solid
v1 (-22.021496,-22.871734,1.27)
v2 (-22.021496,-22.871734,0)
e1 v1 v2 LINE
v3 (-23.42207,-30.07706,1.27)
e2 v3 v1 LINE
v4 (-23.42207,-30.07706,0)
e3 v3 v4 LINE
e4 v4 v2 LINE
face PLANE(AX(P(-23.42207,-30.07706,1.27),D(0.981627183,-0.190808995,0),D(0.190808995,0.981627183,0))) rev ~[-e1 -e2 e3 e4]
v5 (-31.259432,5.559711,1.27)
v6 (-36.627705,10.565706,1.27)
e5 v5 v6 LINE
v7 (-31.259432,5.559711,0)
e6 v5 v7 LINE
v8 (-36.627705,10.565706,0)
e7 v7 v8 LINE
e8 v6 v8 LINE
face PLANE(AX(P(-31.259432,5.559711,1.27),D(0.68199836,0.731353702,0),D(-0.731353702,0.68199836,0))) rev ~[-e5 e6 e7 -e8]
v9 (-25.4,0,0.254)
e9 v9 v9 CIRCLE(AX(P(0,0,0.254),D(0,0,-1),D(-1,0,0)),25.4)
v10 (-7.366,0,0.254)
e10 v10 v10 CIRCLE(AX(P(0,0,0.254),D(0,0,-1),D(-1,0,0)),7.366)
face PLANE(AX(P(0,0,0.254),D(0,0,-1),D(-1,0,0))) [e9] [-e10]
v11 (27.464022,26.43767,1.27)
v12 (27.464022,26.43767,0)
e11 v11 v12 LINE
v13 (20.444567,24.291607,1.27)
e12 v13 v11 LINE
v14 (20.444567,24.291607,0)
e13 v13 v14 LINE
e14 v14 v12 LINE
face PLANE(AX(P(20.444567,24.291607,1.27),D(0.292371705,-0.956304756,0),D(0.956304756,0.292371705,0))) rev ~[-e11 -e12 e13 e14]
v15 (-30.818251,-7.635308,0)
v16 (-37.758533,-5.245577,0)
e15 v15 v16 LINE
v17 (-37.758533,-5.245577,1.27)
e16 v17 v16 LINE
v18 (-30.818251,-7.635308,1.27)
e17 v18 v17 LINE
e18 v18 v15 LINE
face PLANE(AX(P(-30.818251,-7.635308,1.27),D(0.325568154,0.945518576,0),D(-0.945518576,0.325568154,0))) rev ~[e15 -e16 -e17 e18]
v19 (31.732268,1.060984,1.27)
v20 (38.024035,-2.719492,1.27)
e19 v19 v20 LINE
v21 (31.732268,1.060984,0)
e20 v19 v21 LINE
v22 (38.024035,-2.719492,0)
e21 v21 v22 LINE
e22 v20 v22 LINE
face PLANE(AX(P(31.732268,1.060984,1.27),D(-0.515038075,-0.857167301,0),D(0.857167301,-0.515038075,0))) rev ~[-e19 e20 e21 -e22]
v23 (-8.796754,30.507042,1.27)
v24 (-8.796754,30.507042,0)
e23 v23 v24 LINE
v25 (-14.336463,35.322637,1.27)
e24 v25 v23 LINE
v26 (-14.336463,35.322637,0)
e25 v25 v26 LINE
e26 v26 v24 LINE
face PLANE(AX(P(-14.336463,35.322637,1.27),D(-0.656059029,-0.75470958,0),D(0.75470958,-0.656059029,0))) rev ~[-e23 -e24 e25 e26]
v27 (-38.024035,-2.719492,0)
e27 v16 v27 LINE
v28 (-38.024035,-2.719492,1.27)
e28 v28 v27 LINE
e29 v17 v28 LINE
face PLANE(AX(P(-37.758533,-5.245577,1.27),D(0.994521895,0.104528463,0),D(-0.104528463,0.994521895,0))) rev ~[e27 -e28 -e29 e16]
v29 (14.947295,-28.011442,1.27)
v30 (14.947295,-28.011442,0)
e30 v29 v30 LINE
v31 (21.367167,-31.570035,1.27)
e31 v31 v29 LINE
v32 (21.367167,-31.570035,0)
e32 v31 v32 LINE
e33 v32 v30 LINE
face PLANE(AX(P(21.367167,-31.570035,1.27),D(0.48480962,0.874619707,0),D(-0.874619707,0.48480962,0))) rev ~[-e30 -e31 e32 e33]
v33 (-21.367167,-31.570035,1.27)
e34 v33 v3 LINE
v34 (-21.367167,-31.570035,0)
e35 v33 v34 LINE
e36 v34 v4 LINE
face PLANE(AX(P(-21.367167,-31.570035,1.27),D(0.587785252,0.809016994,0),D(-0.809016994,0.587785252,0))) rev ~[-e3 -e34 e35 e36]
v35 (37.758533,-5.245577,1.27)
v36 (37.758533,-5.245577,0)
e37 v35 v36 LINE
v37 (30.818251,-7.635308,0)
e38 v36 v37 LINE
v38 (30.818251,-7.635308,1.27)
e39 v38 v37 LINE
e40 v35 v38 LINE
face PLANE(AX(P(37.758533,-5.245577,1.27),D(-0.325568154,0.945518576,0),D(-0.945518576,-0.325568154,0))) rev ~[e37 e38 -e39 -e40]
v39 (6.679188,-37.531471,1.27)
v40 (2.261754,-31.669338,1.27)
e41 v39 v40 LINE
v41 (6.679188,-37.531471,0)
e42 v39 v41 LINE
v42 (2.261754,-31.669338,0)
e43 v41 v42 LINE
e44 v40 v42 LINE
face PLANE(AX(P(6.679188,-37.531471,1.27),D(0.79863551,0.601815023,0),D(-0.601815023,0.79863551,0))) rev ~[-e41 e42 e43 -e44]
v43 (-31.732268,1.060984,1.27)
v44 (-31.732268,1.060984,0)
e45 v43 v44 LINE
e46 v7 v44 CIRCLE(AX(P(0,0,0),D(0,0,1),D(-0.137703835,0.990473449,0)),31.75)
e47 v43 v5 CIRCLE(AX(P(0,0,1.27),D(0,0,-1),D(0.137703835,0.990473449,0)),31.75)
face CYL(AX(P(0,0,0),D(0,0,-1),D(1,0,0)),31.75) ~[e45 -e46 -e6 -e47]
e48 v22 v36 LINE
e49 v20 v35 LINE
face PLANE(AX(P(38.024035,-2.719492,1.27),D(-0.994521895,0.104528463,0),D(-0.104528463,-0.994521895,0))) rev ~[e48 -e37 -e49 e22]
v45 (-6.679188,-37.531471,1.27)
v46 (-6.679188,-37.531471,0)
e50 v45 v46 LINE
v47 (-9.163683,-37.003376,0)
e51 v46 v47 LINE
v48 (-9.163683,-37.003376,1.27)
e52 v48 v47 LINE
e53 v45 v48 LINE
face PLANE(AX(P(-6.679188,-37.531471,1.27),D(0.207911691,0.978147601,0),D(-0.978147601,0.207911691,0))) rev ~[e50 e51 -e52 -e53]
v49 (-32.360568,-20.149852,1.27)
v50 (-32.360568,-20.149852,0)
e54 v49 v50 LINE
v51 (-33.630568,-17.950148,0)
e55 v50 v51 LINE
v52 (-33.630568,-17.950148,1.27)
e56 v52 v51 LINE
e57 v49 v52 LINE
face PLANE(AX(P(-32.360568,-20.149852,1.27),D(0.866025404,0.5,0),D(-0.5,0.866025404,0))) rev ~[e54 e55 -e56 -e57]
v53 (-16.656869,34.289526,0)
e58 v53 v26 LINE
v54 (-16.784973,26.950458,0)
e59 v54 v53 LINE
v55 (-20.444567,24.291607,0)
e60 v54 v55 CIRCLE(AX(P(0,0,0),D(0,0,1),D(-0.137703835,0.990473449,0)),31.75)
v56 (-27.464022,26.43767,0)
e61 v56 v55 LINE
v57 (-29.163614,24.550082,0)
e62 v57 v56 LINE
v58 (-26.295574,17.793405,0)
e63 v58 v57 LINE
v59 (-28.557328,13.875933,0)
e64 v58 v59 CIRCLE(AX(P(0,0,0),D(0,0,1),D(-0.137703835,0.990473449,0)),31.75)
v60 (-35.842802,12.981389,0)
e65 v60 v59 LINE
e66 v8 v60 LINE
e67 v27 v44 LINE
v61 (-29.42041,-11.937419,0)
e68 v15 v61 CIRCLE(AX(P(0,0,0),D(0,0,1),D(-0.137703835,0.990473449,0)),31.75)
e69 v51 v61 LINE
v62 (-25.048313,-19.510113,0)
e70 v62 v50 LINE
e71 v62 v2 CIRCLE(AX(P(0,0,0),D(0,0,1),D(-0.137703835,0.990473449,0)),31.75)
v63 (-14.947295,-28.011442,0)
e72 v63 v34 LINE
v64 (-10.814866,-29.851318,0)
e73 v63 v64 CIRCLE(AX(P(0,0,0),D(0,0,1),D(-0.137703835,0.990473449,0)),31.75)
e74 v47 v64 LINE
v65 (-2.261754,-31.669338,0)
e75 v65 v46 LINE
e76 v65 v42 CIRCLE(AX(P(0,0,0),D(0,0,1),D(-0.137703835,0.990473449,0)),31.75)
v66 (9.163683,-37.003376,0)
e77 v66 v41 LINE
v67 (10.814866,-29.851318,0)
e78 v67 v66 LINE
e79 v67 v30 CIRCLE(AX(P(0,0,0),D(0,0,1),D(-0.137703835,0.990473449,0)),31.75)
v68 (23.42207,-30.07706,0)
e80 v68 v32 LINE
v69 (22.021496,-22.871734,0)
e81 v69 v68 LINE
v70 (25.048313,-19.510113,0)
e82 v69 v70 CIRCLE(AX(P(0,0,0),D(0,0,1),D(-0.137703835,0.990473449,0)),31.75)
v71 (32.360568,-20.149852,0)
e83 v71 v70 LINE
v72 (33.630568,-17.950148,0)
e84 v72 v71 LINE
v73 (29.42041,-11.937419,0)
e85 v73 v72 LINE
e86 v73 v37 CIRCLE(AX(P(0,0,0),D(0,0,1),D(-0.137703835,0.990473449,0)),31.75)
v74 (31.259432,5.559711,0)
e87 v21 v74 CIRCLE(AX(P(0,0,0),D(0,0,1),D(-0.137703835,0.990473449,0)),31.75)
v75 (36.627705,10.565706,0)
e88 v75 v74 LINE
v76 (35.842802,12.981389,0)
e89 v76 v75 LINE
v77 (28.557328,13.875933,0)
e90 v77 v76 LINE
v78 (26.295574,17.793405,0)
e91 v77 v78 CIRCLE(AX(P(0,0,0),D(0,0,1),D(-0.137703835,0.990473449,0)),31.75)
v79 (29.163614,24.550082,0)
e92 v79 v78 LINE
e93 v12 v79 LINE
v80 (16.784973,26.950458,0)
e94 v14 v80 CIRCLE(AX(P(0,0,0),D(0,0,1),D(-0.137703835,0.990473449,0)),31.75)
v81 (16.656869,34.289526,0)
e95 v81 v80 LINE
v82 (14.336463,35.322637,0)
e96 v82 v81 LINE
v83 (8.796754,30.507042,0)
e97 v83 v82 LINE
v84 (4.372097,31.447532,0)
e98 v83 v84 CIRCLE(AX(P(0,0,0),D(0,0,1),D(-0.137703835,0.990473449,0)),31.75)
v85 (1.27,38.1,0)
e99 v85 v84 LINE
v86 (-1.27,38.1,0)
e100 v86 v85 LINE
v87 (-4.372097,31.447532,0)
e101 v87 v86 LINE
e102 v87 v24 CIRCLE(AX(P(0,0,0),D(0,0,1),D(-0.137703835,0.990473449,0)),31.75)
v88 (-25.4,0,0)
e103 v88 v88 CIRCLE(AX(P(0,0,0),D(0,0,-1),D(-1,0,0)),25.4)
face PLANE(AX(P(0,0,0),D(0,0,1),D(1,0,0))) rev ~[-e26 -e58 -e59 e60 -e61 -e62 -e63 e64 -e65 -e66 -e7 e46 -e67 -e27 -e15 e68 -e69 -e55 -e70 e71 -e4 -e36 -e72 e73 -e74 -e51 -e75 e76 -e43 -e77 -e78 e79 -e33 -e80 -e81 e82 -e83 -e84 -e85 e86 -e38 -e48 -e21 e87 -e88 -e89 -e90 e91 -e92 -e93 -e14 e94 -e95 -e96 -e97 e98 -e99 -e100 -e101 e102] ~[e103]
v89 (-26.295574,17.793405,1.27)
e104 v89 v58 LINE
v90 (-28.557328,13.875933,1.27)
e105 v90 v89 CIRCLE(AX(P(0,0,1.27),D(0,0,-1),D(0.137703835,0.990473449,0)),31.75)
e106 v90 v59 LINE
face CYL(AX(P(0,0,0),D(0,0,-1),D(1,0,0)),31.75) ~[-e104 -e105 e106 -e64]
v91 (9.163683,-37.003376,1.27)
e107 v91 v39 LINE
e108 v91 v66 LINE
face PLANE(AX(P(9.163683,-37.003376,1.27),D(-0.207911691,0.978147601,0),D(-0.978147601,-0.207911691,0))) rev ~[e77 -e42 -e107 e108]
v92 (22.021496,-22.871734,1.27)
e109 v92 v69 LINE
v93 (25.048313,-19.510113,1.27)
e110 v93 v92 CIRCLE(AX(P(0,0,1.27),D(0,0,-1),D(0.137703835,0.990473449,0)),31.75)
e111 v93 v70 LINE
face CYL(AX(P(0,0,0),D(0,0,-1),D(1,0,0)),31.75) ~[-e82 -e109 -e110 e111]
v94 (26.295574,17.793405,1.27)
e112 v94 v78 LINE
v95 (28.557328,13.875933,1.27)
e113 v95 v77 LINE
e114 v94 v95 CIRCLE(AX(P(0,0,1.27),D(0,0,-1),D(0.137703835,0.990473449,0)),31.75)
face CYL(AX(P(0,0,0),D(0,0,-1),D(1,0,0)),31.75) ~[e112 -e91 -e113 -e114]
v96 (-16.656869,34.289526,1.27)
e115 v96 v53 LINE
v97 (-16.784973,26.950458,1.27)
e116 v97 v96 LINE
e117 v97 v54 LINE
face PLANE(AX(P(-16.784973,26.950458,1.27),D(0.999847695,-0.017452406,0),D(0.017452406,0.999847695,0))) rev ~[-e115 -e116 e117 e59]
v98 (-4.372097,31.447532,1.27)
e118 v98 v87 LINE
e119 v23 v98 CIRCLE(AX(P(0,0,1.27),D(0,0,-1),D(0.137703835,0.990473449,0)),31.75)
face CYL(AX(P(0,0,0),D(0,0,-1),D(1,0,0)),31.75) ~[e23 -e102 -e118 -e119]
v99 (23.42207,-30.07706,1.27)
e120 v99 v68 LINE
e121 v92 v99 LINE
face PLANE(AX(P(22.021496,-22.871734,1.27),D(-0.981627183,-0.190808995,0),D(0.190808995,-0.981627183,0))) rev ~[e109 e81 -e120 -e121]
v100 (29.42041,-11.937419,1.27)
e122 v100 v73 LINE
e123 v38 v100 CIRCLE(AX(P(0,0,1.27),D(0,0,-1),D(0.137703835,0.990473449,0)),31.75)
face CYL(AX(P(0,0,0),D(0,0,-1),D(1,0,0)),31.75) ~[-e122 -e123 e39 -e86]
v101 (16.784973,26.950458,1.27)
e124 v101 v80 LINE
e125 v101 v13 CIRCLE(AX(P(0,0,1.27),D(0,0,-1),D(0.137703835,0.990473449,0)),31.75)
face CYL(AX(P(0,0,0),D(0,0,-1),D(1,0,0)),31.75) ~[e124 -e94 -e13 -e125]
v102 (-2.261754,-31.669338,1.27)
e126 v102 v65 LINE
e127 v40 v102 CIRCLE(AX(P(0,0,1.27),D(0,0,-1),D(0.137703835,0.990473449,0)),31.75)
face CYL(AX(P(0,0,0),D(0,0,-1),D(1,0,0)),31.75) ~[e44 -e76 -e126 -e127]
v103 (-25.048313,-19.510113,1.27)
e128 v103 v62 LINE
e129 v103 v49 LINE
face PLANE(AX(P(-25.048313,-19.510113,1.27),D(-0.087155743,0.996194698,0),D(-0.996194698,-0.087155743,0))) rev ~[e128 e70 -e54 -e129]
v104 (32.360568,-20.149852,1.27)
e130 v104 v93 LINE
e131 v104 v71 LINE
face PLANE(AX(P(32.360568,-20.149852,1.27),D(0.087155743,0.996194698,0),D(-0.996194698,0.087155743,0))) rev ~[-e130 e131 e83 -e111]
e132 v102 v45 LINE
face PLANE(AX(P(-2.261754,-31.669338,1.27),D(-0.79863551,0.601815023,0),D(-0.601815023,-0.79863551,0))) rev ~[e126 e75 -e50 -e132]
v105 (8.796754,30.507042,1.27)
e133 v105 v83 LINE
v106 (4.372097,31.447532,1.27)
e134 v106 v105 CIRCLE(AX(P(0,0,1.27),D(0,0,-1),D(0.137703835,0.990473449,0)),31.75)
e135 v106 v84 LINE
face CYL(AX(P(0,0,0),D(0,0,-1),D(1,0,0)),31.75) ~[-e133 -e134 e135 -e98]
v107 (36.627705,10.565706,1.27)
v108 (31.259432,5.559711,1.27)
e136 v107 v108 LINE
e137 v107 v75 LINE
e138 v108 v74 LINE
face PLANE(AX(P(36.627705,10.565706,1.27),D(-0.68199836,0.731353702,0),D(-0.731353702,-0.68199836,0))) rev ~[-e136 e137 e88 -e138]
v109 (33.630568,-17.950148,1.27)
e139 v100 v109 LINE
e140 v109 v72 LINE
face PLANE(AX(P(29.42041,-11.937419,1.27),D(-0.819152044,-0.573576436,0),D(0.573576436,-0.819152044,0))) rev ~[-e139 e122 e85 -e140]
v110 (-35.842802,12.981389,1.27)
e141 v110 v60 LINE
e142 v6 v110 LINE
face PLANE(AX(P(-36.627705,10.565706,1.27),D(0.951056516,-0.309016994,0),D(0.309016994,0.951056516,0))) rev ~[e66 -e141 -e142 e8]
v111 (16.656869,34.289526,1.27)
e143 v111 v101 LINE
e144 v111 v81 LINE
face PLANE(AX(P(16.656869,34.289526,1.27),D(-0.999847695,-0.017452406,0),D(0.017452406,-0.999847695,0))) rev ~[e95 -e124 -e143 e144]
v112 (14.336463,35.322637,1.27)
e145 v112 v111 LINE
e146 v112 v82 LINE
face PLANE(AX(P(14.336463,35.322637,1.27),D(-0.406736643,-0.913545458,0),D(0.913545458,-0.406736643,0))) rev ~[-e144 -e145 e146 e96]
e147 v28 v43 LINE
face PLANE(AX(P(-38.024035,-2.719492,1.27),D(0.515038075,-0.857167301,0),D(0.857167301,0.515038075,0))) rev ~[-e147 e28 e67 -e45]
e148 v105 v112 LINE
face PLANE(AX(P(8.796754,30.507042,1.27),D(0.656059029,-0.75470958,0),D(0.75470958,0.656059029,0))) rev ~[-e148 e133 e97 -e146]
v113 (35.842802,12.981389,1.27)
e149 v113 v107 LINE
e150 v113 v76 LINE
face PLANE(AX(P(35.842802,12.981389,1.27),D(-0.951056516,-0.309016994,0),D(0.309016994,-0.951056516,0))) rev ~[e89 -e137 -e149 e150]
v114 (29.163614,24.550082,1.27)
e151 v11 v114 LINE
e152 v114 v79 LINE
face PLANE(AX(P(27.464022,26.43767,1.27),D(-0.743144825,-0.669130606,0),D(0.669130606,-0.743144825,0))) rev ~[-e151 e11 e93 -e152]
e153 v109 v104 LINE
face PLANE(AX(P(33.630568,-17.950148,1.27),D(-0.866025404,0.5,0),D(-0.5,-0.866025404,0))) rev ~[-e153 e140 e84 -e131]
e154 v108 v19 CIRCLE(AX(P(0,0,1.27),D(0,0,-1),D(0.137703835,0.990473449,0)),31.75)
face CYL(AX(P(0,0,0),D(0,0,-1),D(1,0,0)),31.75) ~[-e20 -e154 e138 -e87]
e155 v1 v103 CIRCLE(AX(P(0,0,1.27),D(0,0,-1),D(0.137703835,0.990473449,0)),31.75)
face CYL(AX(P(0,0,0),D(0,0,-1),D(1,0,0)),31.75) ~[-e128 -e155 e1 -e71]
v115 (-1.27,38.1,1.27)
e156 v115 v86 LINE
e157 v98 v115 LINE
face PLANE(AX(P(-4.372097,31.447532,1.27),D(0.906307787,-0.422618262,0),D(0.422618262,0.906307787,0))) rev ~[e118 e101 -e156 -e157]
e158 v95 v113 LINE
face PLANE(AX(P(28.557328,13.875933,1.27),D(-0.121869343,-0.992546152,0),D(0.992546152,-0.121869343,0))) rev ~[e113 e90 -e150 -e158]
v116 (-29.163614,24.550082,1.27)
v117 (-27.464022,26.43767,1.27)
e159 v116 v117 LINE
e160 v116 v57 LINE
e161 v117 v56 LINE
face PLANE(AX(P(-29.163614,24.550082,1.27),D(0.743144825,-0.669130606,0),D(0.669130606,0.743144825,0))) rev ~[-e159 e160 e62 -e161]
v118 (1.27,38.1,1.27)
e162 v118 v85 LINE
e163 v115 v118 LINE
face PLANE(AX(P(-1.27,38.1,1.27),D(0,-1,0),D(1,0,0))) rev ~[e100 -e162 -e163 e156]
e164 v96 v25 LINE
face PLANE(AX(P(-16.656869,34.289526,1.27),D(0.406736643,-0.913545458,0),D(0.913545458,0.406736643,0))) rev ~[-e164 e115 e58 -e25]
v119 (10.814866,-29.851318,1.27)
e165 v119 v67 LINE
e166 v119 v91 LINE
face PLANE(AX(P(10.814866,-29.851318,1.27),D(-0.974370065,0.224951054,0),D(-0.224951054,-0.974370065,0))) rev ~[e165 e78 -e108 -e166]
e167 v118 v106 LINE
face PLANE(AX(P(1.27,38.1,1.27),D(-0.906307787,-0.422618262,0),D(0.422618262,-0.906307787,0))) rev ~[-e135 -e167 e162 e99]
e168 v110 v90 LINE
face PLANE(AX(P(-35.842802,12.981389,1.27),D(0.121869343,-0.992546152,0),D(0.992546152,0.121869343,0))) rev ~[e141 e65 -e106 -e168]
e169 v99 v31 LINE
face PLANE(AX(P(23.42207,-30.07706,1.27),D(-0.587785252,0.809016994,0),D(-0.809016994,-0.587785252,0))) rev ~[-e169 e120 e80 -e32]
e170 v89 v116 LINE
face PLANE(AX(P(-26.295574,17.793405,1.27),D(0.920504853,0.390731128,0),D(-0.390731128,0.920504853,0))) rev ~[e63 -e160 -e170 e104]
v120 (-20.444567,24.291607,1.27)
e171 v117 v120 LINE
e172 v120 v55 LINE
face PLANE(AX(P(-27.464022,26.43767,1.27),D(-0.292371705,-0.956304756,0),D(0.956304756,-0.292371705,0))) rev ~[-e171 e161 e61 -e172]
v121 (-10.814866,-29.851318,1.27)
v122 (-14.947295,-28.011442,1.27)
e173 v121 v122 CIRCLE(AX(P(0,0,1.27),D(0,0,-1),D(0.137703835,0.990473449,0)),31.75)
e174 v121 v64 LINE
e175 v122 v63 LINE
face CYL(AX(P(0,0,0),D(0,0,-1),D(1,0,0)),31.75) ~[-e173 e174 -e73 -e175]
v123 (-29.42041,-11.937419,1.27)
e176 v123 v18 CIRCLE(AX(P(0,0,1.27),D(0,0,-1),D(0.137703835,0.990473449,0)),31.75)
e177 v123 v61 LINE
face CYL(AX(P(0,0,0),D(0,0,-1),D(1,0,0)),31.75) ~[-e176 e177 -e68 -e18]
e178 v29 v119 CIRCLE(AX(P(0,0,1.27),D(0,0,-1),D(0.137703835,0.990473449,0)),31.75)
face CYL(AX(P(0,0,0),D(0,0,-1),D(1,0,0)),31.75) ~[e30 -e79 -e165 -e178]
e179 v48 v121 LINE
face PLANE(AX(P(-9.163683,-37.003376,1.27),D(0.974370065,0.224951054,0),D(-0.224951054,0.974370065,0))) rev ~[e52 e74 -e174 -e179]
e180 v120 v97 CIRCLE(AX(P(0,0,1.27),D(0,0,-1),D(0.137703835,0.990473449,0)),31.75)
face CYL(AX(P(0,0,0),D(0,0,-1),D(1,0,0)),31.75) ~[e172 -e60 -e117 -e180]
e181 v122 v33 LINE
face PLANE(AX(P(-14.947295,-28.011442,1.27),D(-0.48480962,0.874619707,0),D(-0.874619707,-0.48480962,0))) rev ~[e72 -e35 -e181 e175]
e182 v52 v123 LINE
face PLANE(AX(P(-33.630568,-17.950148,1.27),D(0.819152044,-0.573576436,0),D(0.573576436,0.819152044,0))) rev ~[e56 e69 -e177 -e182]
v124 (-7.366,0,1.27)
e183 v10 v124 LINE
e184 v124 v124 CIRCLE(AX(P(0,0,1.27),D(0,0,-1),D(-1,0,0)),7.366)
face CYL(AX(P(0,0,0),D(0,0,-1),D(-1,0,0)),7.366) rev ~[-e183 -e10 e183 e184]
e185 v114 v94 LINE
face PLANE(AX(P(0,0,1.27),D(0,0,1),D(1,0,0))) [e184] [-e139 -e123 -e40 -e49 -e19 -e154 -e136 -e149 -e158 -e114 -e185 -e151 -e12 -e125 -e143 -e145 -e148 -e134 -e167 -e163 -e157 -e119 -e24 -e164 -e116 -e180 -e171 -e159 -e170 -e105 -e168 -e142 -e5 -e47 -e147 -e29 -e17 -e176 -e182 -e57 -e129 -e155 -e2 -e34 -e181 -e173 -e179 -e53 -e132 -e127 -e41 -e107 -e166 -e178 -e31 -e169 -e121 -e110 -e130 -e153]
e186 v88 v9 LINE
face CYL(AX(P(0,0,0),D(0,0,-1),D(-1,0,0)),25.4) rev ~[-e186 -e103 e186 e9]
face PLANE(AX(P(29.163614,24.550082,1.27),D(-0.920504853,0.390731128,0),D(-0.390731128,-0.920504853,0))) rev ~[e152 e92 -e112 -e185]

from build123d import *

# Parameters (mm, degrees)
SKETCH1_R           = 31.75
BOSS_EXTRUDE1_DEPTH = 1.27
BOSS_EXTRUDE2_DEPTH = 1.27
SKETCH3_R           = 7.366
CUT_EXTRUDE1_DEPTH  = 10
CIRPATTERN1_COUNT   = 15
SKETCH4_R           = 25.4
CUT_EXTRUDE2_DEPTH  = 0.254


with BuildPart() as part:
    # Sketch1 → Boss-Extrude1 (new body)
    with BuildSketch(Plane.XY):
        Circle(SKETCH1_R)
    extrude(amount=BOSS_EXTRUDE1_DEPTH)

    # Sketch2 → Boss-Extrude2 (add)
    with BuildSketch(Plane.XY.offset(1.27)):
        with BuildLine():
            Line((-1.27, 38.1), (1.27, 38.1))
            Line((1.27, 38.1), (4.372096767, 31.447532015))
            ThreePointArc((4.372096767, 31.447532015), (0, 31.75), (-4.372096767, 31.447532015))
            Line((-4.372096767, 31.447532015), (-1.27, 38.1))
        make_face()
    boss_extrude2 = extrude(amount=-BOSS_EXTRUDE2_DEPTH)

    # Sketch3 → Cut-Extrude1 (cut)
    with BuildSketch(Plane(origin=(0, 0, 0), x_dir=(-1, 0, 0), z_dir=(0, 0, -1))):
        Circle(SKETCH3_R)
    extrude(amount=-CUT_EXTRUDE1_DEPTH, mode=Mode.SUBTRACT)

    # CirPattern1: Boss-Extrude2 ×15 about axis
    cirpattern1_axis = Axis((0, 0, 0), (0, 0, 1))
    for i in range(1, CIRPATTERN1_COUNT):
        add(boss_extrude2.rotate(cirpattern1_axis, i * 360 / CIRPATTERN1_COUNT))

    # Sketch4 → Cut-Extrude2 (cut)
    with BuildSketch(Plane(origin=(0, 0, 0), x_dir=(-1, 0, 0), z_dir=(0, 0, -1))):
        Circle(SKETCH4_R)
    extrude(amount=-CUT_EXTRUDE2_DEPTH, mode=Mode.SUBTRACT)


solid = part.part
